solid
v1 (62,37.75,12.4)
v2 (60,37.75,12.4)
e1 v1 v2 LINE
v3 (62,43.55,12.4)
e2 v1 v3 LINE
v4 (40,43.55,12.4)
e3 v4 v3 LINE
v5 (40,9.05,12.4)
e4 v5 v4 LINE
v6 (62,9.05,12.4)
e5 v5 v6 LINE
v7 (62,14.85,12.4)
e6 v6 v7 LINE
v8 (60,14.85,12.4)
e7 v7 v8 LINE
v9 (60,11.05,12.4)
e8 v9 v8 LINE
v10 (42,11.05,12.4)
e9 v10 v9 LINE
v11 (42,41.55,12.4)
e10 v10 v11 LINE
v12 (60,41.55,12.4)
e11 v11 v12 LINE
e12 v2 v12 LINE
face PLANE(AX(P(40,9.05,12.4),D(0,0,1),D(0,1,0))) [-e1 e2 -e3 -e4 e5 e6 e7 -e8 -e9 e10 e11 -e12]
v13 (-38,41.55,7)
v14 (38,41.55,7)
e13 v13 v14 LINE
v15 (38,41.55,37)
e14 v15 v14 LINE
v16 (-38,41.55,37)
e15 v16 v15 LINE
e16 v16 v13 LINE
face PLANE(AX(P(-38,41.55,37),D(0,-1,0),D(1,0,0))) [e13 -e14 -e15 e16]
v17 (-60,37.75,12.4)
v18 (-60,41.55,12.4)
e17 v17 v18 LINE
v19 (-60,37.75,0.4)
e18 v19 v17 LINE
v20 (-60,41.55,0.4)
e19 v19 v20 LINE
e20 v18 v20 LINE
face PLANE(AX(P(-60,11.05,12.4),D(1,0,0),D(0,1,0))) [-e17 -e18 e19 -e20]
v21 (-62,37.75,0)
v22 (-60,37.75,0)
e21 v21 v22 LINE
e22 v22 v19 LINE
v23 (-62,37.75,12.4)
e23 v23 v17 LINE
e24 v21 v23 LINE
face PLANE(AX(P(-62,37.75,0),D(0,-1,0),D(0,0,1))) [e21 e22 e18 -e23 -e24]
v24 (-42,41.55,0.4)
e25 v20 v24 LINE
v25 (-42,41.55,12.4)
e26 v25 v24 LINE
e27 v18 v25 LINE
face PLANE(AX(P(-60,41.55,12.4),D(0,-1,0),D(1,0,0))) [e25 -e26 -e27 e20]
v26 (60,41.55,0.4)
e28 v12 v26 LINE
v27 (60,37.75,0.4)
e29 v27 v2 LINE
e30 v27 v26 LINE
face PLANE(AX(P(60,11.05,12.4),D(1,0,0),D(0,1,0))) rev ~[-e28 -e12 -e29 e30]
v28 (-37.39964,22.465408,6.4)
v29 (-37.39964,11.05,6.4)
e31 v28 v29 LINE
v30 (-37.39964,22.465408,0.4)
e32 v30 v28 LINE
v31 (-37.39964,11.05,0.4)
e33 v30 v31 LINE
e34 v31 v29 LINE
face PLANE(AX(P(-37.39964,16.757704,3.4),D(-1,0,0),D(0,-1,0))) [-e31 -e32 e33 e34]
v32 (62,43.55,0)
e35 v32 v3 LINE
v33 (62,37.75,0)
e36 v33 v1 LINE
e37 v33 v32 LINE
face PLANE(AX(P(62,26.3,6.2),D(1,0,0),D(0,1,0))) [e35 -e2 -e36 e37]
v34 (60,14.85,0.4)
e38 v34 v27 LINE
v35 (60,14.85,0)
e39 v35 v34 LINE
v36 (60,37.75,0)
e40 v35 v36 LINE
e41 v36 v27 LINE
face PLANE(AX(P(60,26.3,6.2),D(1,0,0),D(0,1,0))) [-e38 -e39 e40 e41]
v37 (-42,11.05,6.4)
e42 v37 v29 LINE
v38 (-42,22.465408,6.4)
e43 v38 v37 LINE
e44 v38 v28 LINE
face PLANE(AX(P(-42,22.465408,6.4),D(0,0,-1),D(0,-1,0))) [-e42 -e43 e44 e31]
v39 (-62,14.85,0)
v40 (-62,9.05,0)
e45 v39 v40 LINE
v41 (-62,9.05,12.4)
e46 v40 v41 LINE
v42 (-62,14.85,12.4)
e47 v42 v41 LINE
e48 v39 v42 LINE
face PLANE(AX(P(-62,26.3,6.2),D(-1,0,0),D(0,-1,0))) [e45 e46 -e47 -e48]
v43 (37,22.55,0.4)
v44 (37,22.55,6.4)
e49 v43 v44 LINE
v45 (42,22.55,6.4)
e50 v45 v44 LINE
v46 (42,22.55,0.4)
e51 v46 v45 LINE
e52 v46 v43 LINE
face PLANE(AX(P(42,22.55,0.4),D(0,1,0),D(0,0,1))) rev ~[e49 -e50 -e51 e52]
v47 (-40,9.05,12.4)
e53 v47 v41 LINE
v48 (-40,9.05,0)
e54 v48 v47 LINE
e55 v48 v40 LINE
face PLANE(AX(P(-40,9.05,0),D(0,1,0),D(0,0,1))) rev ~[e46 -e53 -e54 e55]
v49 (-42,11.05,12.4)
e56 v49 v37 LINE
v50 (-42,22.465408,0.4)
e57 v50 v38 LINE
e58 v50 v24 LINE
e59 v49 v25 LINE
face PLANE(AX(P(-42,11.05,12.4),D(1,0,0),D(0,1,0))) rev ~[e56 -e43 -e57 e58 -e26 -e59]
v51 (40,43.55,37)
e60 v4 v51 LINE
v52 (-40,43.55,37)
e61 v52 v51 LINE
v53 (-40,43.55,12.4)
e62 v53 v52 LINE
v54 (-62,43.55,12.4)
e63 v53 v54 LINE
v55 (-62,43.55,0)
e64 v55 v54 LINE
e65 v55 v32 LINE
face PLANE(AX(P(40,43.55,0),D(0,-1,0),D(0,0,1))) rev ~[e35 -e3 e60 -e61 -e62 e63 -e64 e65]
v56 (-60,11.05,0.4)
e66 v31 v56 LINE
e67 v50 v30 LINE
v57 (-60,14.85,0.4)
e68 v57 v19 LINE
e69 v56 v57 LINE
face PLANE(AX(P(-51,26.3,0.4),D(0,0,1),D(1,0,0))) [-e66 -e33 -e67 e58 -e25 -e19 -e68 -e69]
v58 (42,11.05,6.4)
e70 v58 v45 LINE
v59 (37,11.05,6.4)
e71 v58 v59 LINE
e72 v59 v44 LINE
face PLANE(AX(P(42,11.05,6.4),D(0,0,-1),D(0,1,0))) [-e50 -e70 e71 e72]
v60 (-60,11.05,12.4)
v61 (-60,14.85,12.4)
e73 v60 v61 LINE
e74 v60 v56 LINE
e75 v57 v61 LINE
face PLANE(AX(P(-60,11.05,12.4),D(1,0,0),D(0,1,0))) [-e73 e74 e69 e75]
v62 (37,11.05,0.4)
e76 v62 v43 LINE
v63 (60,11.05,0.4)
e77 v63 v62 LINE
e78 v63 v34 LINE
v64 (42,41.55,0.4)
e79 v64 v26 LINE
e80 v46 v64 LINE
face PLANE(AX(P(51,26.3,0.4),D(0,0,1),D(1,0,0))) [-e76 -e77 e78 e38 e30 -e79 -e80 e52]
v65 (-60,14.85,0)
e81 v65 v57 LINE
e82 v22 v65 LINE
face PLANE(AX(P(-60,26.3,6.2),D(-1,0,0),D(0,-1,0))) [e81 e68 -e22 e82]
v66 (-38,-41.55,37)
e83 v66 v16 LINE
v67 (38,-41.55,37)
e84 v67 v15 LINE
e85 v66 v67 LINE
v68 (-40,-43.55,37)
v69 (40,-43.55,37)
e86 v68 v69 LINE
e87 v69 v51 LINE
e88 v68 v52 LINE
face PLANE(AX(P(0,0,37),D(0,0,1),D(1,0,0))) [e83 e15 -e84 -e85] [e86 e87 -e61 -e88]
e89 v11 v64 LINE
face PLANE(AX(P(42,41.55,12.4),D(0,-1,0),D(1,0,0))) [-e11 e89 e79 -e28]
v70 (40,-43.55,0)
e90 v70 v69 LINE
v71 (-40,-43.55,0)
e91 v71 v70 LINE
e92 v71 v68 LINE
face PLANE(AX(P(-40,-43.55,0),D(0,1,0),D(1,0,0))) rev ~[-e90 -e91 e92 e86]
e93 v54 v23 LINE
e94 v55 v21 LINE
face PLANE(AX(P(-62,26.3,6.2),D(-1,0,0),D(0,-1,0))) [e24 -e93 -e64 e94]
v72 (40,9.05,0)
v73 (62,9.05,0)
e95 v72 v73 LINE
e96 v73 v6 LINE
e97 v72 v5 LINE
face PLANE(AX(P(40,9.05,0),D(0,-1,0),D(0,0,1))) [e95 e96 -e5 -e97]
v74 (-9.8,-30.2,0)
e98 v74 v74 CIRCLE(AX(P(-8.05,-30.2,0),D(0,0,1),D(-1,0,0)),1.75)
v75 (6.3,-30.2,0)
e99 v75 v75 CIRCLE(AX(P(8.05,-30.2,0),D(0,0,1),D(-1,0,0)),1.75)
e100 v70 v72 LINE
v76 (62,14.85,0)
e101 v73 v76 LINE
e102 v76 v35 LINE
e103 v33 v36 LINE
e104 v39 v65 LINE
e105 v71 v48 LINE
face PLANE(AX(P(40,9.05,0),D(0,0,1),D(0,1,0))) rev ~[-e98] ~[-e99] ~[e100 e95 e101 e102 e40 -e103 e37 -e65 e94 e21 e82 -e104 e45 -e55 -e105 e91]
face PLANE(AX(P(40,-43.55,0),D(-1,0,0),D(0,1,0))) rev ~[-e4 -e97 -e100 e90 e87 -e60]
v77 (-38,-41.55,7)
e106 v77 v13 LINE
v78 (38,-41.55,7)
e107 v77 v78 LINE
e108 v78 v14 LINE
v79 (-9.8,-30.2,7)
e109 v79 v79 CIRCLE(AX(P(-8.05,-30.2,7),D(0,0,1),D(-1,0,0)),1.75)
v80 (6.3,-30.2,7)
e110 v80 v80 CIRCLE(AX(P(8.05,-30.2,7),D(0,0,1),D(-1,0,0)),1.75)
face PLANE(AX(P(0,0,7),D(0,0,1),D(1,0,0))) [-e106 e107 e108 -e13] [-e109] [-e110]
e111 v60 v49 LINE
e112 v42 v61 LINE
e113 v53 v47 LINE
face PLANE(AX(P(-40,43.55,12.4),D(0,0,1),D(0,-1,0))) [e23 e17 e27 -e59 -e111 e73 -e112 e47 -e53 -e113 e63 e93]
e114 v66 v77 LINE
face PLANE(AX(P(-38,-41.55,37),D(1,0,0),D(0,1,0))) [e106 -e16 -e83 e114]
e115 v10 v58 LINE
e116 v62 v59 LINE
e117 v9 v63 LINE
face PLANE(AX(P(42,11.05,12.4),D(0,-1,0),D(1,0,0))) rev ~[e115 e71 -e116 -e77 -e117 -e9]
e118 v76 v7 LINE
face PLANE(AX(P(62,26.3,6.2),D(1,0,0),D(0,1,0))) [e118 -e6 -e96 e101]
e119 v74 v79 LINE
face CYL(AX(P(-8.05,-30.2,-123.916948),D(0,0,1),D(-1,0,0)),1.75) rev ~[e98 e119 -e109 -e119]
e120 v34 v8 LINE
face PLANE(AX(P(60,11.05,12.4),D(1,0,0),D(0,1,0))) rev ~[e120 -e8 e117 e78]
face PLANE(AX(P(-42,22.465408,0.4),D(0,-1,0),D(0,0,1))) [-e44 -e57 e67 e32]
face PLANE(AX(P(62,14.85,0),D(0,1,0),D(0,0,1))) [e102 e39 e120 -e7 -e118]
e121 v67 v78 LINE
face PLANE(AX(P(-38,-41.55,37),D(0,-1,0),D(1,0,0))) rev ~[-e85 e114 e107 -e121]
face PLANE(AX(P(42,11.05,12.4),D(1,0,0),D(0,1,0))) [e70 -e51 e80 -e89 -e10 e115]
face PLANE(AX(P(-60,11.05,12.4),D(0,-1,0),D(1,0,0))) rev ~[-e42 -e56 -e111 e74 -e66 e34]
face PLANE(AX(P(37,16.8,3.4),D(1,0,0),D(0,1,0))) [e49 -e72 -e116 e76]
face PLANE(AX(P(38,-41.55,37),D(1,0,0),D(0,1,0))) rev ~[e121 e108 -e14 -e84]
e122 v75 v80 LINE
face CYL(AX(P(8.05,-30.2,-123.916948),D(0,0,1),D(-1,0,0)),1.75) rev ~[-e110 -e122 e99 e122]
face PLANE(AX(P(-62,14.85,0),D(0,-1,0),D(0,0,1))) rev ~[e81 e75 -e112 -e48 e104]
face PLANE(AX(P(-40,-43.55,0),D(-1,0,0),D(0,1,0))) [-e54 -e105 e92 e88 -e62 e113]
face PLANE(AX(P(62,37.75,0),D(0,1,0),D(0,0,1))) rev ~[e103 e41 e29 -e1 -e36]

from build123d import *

# Parameters (mm, degrees)
F0_W      = 80
F0_H      = 87.1
F1_DEPTH  = 37
F2_W      = 76
F2_H      = 83.1
F3_DEPTH  = 30
F5_D      = 3.5
F6_W      = 34.5
F6_H      = 12.4
F7_DEPTH  = 22
F8_W      = 18
F8_H      = 30.5
F9_DEPTH  = 12
F10_W     = 11.415408
F10_H     = 6
F11_DEPTH = 4.60036
F12_W     = 34.5
F12_H     = 12.4
F13_DEPTH = 22
F14_W     = 18
F14_H     = 30.5
F15_DEPTH = 12
F16_W     = 11.5
F16_H     = 6
F17_DEPTH = 5
F19_W     = 22.9
F19_H     = 12.4
F20_DEPTH = 2
F18_W     = 22.9
F18_H     = 12.4
F21_DEPTH = 2


with BuildPart() as f1:
    # F0 (on Top) → F1 (new body)
    with BuildSketch(Plane.XY):
        Rectangle(F0_W, F0_H)
    extrude(amount=F1_DEPTH)

    # F2 (on face) → F3 (cut)
    with BuildSketch(Plane.XY.offset(37)):
        Rectangle(F2_W, F2_H)
    extrude(amount=-F3_DEPTH, mode=Mode.SUBTRACT)

    # F5 (through all)
    with Locations(Plane(origin=(0, 0, 0), x_dir=(1, 0, 0), z_dir=(0, 0, -1))):
        with Locations((-8.05, 30.2), (8.05, 30.2)):
            Hole(F5_D / 2)

    # F6 (on face) → F7 (join)
    with BuildSketch(Plane(origin=(-40, 0, 0), x_dir=(0, -1, 0), z_dir=(-1, 0, 0))):
        with Locations((-26.3, 6.2)):
            Rectangle(F6_W, F6_H)
    extrude(amount=F7_DEPTH)

    # F8 (on face) → F9 (cut)
    with BuildSketch(Plane.XY.offset(12.4)):
        with Locations((-51, 26.3)):
            Rectangle(F8_W, F8_H)
    extrude(amount=-F9_DEPTH, mode=Mode.SUBTRACT)

    # F10 (on face) → F11 (cut)
    with BuildSketch(Plane(origin=(-42, 0, 0), x_dir=(0, -1, 0), z_dir=(-1, 0, 0))):
        with Locations((-16.757704, 3.4)):
            Rectangle(F10_W, F10_H)
    extrude(amount=-F11_DEPTH, mode=Mode.SUBTRACT)

    # F12 (on face) → F13 (join)
    with BuildSketch(Plane.YZ.offset(40)):
        with Locations((26.3, 6.2)):
            Rectangle(F12_W, F12_H)
    extrude(amount=F13_DEPTH)

    # F14 (on face) → F15 (cut)
    with BuildSketch(Plane.XY.offset(12.4)):
        with Locations((51, 26.3)):
            Rectangle(F14_W, F14_H)
    extrude(amount=-F15_DEPTH, mode=Mode.SUBTRACT)

    # F16 (on face) → F17 (cut)
    with BuildSketch(Plane.YZ.offset(42)):
        with Locations((16.8, 3.4)):
            Rectangle(F16_W, F16_H)
    extrude(amount=-F17_DEPTH, mode=Mode.SUBTRACT)

    # F19 (on face) → F20 (cut)
    with BuildSketch(Plane(origin=(-62, 0, 0), x_dir=(0, -1, 0), z_dir=(-1, 0, 0))):
        with Locations((-26.3, 6.2)):
            Rectangle(F19_W, F19_H)
    extrude(amount=-F20_DEPTH, mode=Mode.SUBTRACT)

    # F18 (on face) → F21 (cut)
    with BuildSketch(Plane.YZ.offset(62)):
        with Locations((26.3, 6.2)):
            Rectangle(F18_W, F18_H)
    extrude(amount=-F21_DEPTH, mode=Mode.SUBTRACT)


solid = f1.part
